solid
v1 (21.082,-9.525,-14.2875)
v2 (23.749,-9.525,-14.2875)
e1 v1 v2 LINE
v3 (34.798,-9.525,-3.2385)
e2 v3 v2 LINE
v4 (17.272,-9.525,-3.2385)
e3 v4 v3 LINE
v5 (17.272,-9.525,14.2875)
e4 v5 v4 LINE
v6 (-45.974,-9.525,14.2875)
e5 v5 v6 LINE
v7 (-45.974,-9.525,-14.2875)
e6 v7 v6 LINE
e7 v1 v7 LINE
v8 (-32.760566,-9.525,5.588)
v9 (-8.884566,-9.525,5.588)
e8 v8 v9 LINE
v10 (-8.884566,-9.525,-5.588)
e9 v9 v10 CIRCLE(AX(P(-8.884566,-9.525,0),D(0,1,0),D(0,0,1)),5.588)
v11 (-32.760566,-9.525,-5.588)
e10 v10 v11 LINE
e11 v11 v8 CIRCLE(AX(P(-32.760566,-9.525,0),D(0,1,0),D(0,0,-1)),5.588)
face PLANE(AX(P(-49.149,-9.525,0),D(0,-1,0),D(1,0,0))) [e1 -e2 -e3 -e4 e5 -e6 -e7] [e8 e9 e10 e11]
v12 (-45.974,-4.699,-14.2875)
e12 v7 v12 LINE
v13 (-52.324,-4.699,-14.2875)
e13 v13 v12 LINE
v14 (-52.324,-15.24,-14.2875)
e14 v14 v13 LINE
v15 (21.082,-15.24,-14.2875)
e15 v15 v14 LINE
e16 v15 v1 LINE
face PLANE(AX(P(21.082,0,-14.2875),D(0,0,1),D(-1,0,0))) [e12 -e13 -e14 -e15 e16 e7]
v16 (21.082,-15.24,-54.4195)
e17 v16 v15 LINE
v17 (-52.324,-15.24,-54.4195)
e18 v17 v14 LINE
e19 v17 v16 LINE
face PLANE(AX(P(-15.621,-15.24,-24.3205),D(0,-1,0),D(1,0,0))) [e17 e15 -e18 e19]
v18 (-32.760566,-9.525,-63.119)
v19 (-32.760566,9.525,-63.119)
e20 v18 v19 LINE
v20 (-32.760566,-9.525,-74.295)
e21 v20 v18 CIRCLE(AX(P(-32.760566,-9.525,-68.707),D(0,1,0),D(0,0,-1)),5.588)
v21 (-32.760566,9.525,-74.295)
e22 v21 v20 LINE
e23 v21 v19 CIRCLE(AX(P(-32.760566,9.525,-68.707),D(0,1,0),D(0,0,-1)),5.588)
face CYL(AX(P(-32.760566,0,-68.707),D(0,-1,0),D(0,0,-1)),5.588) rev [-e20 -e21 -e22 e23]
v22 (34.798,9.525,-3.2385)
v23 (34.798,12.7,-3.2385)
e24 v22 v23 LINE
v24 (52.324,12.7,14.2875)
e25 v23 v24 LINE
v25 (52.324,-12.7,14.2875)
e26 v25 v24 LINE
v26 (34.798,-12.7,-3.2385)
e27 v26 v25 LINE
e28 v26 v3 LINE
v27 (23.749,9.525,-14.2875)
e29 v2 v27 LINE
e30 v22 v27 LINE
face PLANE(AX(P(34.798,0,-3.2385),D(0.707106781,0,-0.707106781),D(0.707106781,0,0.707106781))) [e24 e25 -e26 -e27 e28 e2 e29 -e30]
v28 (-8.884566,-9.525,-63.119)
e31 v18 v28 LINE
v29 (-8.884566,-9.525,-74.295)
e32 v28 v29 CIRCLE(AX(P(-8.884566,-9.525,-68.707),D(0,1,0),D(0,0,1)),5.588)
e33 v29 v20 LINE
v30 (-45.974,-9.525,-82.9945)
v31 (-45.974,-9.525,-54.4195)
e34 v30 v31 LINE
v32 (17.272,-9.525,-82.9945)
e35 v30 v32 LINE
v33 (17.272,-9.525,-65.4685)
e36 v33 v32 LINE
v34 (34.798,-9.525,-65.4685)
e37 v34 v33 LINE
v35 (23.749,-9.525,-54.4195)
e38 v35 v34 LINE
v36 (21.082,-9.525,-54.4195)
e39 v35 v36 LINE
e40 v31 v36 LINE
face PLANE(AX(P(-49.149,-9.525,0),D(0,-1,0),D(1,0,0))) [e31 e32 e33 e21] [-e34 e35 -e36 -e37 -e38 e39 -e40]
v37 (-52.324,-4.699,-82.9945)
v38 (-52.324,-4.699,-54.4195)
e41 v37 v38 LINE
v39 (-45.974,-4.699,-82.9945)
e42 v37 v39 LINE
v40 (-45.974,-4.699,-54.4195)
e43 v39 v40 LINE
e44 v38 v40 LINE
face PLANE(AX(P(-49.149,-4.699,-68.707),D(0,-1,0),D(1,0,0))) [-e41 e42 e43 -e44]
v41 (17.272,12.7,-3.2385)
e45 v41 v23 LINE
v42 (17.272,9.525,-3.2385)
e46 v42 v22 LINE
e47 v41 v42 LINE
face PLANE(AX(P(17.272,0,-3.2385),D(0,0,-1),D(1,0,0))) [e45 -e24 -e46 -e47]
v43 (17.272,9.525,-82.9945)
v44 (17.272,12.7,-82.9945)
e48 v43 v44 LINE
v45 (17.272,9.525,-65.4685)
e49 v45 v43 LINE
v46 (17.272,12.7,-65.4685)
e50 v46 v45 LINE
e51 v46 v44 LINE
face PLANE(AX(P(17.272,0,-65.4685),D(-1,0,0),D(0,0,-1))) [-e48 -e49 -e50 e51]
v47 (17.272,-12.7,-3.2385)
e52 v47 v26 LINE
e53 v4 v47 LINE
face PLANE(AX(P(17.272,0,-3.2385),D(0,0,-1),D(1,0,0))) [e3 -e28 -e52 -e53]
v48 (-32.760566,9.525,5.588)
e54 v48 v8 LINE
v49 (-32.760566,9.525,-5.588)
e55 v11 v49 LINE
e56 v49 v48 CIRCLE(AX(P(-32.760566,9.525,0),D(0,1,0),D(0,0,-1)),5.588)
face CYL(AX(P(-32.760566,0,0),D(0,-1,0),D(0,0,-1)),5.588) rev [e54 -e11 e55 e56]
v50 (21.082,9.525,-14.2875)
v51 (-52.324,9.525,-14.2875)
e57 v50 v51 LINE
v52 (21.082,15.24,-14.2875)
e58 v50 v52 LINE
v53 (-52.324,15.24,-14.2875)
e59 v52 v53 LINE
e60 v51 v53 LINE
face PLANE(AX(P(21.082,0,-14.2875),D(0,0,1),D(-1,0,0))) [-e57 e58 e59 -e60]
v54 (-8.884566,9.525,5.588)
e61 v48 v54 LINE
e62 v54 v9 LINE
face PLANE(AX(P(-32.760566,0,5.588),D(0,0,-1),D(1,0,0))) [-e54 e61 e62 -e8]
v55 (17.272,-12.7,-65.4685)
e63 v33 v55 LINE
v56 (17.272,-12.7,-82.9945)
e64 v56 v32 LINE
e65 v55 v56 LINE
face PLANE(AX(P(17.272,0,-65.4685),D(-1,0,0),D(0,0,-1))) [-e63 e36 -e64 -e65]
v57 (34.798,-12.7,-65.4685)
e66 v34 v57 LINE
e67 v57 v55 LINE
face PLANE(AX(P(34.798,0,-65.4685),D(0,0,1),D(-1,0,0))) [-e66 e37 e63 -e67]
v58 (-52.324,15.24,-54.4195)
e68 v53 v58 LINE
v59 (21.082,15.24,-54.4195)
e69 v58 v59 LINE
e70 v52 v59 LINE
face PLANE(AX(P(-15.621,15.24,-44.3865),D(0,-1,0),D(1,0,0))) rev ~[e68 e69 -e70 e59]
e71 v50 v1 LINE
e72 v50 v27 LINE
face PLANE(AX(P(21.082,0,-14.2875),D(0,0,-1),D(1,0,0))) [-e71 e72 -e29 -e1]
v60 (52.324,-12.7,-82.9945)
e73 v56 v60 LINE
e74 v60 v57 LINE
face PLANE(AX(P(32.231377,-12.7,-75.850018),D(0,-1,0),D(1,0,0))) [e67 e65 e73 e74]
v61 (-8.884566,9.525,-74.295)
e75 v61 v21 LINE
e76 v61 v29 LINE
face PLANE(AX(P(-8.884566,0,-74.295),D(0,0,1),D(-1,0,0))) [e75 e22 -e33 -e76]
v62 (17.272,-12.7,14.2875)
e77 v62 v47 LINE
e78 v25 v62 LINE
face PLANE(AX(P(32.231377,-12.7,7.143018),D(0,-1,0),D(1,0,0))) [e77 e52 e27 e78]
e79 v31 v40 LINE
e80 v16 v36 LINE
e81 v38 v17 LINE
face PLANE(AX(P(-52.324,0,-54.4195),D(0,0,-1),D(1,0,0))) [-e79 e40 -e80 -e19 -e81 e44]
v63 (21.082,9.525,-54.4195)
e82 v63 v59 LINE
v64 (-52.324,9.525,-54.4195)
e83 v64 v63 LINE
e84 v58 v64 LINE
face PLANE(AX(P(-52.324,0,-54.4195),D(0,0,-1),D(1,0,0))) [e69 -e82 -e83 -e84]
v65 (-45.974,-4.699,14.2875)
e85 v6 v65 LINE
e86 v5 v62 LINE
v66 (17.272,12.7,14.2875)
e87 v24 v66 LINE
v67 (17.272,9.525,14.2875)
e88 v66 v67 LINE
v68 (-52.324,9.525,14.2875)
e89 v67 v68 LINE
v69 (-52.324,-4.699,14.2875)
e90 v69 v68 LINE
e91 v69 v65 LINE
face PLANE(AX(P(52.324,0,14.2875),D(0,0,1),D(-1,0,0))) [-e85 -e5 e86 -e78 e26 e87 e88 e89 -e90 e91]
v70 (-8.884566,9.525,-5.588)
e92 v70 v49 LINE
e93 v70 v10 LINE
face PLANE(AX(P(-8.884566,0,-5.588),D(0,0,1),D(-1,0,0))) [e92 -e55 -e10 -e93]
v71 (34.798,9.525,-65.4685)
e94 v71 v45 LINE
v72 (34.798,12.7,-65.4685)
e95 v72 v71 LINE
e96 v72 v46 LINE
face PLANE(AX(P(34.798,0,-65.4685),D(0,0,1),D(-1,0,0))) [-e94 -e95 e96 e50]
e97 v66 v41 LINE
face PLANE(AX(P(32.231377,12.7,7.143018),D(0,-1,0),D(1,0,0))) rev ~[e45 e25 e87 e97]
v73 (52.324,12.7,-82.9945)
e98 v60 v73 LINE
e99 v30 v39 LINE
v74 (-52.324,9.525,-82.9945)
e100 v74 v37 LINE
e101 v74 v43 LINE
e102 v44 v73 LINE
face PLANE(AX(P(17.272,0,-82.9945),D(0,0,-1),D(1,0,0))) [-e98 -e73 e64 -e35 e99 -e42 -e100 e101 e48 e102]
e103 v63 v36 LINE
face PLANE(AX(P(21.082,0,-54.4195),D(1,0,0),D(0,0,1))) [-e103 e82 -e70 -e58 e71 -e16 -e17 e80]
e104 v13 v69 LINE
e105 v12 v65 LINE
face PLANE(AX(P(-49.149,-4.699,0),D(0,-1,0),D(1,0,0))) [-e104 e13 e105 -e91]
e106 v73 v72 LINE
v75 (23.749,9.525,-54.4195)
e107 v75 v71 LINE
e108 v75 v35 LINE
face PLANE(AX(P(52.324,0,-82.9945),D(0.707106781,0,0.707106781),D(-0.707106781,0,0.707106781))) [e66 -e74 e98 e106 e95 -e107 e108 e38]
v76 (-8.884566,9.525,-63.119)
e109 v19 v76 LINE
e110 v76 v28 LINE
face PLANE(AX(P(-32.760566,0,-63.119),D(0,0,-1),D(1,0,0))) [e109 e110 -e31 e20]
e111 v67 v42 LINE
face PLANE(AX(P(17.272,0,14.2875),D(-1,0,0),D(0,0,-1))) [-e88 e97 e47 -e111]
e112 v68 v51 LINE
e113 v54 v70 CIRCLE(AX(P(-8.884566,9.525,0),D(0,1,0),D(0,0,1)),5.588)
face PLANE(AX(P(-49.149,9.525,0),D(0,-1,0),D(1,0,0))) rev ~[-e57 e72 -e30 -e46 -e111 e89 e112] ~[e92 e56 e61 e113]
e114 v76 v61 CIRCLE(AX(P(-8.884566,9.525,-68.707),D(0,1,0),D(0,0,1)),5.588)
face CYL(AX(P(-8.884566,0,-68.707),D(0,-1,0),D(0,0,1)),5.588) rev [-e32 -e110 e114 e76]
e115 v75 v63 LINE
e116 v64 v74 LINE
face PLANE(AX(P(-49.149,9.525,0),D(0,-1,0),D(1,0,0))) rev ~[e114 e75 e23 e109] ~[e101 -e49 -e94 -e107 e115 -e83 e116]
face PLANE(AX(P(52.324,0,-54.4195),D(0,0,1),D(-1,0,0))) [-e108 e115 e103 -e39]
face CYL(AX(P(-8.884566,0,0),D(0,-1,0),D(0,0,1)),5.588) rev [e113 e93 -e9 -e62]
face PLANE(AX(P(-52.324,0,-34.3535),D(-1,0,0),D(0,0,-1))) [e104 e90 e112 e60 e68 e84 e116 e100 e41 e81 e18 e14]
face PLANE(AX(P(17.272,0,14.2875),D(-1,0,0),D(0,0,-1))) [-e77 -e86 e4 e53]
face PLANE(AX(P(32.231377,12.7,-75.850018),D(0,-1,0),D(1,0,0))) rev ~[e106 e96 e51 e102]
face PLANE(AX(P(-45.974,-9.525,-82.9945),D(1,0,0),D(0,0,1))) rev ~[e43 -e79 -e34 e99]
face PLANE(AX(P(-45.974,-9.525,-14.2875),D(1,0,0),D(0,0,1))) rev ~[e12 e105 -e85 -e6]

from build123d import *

# Parameters (mm, degrees)
F0_W      = 6.35
F0_H      = 28.575
F1_DEPTH  = 9.525
F2_DEPTH  = 12.7
F3_DEPTH  = 15.24
F4_DEPTH  = 12.7
F5_W      = 6.35
F5_H      = 28.575
F6_DEPTH  = 4.826
F7_DEPTH  = 12.7
F8_DEPTH  = 15.24
F9_DEPTH  = 12.7
F10_W     = 6.35
F10_H     = 28.575
F11_DEPTH = 4.826


with BuildPart() as f1:
    # F0 (on Front) → F1 (new body, symmetric)
    with BuildSketch(Plane.XZ):
        with Locations((-49.149, 0)):
            Rectangle(F0_W, F0_H)
        Polygon((17.272, 14.2875), (-45.974, 14.2875), (-45.974, -14.2875), (21.082, -14.2875), (23.749, -14.2875), (34.798, -3.2385), (17.272, -3.2385), align=None)
        with BuildLine():
            Line((-32.760566, 5.588), (-8.884566, 5.588))
            ThreePointArc((-8.884566, 5.588), (-3.296566, 0), (-8.884566, -5.588))
            Line((-8.884566, -5.588), (-32.760566, -5.588))
            ThreePointArc((-32.760566, -5.588), (-38.348566, 0), (-32.760566, 5.588))
        make_face(mode=Mode.SUBTRACT)
        Polygon((-45.974, -14.2875), (-52.324, -14.2875), (-52.324, -34.3535), (21.082, -34.3535), (21.082, -14.2875), align=None)
        Polygon((52.324, 14.2875), (17.272, 14.2875), (17.272, -3.2385), (34.798, -3.2385), align=None)
        Polygon((21.082, -34.3535), (-52.324, -34.3535), (-52.324, -54.4195), (-45.974, -54.4195), (21.082, -54.4195), align=None)
        Polygon((52.324, -14.2875), (52.324, 14.2875), (34.798, -3.2385), (23.749, -14.2875), align=None)
        with Locations((-49.149, -68.707)):
            Rectangle(F0_W, F0_H)
        Polygon((23.749, -54.4195), (21.082, -54.4195), (-45.974, -54.4195), (-45.974, -82.9945), (17.272, -82.9945), (17.272, -65.4685), (34.798, -65.4685), align=None)
        with BuildLine():
            ThreePointArc((-8.884566, -63.119), (-3.296566, -68.707), (-8.884566, -74.295))
            Line((-8.884566, -74.295), (-32.760566, -74.295))
            ThreePointArc((-32.760566, -74.295), (-38.348566, -68.707), (-32.760566, -63.119))
            Line((-32.760566, -63.119), (-8.884566, -63.119))
        make_face(mode=Mode.SUBTRACT)
        Polygon((52.324, -54.4195), (23.749, -54.4195), (34.798, -65.4685), (52.324, -82.9945), align=None)
        Polygon((52.324, -82.9945), (34.798, -65.4685), (17.272, -65.4685), (17.272, -82.9945), align=None)
    extrude(amount=F1_DEPTH, both=True)

    # F0 (on Front) → F2 (cut, symmetric)
    with BuildSketch(Plane.XZ):
        Polygon((52.324, -14.2875), (52.324, 14.2875), (34.798, -3.2385), (23.749, -14.2875), align=None)
    extrude(amount=F2_DEPTH, both=True, mode=Mode.SUBTRACT)

    # F0 (on Front) → F3 (join, symmetric)
    with BuildSketch(Plane.XZ):
        Polygon((-45.974, -14.2875), (-52.324, -14.2875), (-52.324, -34.3535), (21.082, -34.3535), (21.082, -14.2875), align=None)
    extrude(amount=F3_DEPTH, both=True)

    # F0 (on Front) → F4 (join, symmetric)
    with BuildSketch(Plane.XZ):
        Polygon((52.324, 14.2875), (17.272, 14.2875), (17.272, -3.2385), (34.798, -3.2385), align=None)
    extrude(amount=F4_DEPTH, both=True)

    # F5 (on face) → F6 (cut)
    with BuildSketch(Plane.XZ.offset(9.525)):
        with Locations((-49.149, 0)):
            Rectangle(F5_W, F5_H)
    extrude(amount=-F6_DEPTH, mode=Mode.SUBTRACT)

    # F0 (on Front) → F7 (cut, symmetric)
    with BuildSketch(Plane.XZ):
        Polygon((52.324, -54.4195), (23.749, -54.4195), (34.798, -65.4685), (52.324, -82.9945), align=None)
    extrude(amount=F7_DEPTH, both=True, mode=Mode.SUBTRACT)

    # F0 (on Front) → F8 (join, symmetric)
    with BuildSketch(Plane.XZ):
        Polygon((21.082, -34.3535), (-52.324, -34.3535), (-52.324, -54.4195), (-45.974, -54.4195), (21.082, -54.4195), align=None)
    extrude(amount=F8_DEPTH, both=True)

    # F0 (on Front) → F9 (join, symmetric)
    with BuildSketch(Plane.XZ):
        Polygon((52.324, -82.9945), (34.798, -65.4685), (17.272, -65.4685), (17.272, -82.9945), align=None)
    extrude(amount=F9_DEPTH, both=True)

    # F10 (on face) → F11 (cut)
    with BuildSketch(Plane.XZ.offset(9.525)):
        with Locations((-49.149, -68.707)):
            Rectangle(F10_W, F10_H)
    extrude(amount=-F11_DEPTH, mode=Mode.SUBTRACT)


solid = f1.part
